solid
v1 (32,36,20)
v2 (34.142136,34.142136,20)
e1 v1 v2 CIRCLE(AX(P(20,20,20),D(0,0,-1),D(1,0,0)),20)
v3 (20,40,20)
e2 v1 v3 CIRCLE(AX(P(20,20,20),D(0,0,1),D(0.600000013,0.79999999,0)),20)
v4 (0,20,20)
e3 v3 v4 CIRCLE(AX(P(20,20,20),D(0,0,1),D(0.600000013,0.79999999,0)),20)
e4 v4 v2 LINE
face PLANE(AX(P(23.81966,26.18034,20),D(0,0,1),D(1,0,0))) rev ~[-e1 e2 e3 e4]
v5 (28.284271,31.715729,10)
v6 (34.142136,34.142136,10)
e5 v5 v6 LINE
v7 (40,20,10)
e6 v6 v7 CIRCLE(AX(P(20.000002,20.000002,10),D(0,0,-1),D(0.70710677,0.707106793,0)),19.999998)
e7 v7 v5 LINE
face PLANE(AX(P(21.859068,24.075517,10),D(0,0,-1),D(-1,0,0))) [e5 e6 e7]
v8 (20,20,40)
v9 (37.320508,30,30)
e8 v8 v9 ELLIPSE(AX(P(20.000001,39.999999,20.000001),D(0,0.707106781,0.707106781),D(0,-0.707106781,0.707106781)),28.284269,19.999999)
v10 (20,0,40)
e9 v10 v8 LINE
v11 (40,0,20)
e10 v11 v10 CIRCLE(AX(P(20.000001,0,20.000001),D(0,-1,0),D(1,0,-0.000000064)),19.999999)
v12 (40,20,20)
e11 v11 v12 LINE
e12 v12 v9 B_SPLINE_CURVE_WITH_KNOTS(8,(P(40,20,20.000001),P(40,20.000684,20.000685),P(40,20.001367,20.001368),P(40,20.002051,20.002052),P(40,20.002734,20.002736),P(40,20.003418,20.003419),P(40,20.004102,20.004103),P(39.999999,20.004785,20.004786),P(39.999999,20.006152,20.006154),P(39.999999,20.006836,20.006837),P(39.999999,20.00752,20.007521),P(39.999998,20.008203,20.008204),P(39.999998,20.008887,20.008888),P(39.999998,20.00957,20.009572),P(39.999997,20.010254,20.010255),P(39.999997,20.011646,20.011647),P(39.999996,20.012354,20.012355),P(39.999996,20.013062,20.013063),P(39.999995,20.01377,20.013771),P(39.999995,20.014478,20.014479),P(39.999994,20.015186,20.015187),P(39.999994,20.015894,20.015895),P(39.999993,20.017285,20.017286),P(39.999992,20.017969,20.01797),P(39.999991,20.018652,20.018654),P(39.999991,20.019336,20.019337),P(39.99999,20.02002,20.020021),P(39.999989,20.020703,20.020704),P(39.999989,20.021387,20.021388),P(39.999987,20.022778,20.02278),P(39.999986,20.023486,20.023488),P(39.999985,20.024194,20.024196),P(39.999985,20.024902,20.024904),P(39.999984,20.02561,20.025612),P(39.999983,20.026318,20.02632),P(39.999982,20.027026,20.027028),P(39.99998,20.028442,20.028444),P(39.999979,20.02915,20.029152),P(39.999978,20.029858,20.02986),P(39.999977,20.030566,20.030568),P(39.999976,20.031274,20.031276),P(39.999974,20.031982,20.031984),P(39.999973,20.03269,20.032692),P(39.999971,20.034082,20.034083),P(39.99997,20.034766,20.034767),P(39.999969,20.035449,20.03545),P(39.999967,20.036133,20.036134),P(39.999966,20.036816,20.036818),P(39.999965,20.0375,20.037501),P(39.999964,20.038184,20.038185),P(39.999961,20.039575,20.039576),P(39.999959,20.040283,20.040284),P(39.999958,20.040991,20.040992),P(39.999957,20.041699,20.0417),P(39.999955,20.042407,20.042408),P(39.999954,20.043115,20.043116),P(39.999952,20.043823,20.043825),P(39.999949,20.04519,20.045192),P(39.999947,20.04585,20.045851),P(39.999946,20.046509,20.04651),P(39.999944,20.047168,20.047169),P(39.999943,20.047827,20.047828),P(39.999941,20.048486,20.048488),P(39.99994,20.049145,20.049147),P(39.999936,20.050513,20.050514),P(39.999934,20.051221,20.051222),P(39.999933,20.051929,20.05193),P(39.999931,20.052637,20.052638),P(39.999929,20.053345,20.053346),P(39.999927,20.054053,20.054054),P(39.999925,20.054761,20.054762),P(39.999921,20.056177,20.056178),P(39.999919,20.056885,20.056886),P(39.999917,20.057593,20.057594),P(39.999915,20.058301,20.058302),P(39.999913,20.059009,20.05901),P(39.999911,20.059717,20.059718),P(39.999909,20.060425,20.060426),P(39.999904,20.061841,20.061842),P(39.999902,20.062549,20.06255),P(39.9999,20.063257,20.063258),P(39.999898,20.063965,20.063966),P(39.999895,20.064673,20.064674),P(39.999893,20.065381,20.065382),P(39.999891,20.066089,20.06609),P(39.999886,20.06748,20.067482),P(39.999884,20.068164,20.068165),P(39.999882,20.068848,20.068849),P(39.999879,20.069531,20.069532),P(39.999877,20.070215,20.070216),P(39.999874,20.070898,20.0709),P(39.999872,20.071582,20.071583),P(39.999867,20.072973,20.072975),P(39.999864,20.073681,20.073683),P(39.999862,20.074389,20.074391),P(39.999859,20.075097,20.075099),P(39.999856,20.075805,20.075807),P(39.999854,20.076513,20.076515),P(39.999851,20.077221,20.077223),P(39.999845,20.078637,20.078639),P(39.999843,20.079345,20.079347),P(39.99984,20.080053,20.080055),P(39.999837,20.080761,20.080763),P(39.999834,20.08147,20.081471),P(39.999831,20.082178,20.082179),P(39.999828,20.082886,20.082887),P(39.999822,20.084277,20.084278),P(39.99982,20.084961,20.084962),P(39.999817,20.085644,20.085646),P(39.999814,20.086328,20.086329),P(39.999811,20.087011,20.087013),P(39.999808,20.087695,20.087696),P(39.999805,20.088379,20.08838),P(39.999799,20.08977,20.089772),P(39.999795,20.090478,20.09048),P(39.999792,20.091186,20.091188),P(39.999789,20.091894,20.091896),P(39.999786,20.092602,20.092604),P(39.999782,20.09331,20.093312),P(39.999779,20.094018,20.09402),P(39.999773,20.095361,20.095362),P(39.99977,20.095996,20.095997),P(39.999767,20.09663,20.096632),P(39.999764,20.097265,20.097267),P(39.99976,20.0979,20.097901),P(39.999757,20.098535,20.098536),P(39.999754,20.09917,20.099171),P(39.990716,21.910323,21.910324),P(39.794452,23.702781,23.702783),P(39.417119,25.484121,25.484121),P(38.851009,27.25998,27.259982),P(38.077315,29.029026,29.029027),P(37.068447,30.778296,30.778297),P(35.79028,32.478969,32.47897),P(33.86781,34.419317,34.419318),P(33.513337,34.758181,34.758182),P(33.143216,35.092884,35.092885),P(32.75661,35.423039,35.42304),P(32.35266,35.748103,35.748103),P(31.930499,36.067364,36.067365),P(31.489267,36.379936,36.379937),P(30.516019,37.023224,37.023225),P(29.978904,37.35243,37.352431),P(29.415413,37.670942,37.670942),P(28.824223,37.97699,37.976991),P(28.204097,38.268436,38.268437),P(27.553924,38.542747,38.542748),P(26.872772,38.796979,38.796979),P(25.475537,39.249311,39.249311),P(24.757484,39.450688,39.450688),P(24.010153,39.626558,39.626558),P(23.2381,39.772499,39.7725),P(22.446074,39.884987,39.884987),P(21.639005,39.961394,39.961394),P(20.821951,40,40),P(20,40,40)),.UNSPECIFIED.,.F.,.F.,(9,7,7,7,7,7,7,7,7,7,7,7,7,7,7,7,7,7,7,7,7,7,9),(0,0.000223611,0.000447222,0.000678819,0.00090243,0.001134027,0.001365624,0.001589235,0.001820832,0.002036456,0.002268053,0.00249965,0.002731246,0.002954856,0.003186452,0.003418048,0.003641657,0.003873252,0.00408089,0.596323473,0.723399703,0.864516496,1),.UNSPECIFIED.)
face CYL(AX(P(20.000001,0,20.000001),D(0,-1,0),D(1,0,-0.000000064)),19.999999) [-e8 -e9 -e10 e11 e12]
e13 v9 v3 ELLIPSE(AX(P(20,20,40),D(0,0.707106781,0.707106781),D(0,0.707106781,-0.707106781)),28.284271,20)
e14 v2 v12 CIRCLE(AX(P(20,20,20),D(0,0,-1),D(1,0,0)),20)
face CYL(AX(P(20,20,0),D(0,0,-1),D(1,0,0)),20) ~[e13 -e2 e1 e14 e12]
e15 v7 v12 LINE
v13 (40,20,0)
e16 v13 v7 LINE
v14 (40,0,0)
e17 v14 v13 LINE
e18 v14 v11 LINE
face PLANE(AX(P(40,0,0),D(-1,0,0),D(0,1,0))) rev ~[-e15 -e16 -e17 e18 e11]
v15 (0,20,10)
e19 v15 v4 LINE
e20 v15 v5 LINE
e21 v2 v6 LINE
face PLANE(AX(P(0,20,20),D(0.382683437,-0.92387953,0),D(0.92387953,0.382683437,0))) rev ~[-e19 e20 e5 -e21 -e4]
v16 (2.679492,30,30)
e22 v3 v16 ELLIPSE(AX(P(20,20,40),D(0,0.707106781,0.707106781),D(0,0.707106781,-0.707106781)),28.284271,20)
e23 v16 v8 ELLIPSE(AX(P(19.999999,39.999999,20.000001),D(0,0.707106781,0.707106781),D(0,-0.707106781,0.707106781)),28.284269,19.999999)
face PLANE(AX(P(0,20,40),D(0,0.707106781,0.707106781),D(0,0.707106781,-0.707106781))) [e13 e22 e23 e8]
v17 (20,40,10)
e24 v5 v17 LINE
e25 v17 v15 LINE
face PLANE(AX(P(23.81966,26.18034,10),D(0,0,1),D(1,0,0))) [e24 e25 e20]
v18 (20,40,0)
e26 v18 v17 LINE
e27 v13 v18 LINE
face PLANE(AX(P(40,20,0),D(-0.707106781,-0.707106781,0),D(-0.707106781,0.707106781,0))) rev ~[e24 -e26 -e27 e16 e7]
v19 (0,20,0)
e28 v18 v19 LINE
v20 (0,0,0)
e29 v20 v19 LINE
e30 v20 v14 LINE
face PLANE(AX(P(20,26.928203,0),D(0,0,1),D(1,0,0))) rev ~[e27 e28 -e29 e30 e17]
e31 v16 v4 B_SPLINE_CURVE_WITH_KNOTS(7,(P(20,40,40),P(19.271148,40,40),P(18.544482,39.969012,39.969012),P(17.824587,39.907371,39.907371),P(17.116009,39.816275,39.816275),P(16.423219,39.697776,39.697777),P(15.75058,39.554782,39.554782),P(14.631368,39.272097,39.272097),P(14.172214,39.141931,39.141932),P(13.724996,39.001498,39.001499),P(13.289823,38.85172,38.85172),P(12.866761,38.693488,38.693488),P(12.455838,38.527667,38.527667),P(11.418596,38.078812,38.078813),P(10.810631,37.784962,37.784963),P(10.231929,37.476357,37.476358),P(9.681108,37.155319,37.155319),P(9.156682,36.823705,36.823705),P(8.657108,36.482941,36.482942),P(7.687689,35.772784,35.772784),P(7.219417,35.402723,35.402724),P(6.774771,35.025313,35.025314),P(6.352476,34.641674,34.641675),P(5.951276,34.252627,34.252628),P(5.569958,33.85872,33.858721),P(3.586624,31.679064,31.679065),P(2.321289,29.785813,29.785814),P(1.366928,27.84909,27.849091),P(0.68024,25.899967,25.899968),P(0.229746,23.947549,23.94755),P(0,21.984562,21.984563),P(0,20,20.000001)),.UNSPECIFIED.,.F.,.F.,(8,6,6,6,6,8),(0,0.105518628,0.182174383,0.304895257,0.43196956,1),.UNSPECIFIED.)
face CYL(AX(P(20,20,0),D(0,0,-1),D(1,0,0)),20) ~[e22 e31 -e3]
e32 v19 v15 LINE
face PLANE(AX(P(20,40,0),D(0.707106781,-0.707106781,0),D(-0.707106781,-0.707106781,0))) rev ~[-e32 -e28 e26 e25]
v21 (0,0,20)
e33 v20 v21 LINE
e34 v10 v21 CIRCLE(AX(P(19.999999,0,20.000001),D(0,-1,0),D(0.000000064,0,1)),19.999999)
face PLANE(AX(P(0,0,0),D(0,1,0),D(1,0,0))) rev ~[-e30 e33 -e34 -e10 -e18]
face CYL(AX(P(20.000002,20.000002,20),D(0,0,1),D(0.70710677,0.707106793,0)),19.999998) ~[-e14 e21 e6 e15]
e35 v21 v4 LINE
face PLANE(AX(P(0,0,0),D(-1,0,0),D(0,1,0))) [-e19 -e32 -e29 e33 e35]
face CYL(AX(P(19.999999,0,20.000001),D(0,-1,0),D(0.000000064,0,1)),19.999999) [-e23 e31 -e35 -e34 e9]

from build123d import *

# Parameters (mm, degrees)
SKETCH1_W           = 40
SKETCH1_H           = 20
BOSS_EXTRUDE1_DEPTH = 40
CUT_EXTRUDE1_DEPTH  = 40
CUT_EXTRUDE2_DEPTH  = 40
CUT_EXTRUDE3_DEPTH  = 10
CUT_EXTRUDE4_DEPTH  = 10
BOSS_EXTRUDE2_DEPTH = 10


with BuildPart() as part:
    # Sketch1 → Boss-Extrude1 (new body)
    with BuildSketch(Plane.XY):
        with BuildLine():
            Line((0, 20), (40, 20))
            ThreePointArc((40, 20), (20, 40), (0, 20))
        make_face()
        with Locations((20, 10)):
            Rectangle(SKETCH1_W, SKETCH1_H)
    extrude(amount=BOSS_EXTRUDE1_DEPTH)

    # Sketch2 → Cut-Extrude1 (cut)
    with BuildSketch(Plane(origin=(0, 0, 0), x_dir=(1, 0, 0), z_dir=(0, 1, 0))):
        with BuildLine():
            Line((0, -20), (0, -40))
            Line((0, -40), (20, -40))
            ThreePointArc((20, -40), (5.857864, -34.142136), (0, -20))
        make_face()
        with BuildLine():
            ThreePointArc((40, -20), (34.142136, -34.142136), (20, -40))
            Line((20, -40), (40, -40))
            Line((40, -40), (40, -20))
        make_face()
    extrude(amount=CUT_EXTRUDE1_DEPTH, mode=Mode.SUBTRACT)

    # Sketch3 → Cut-Extrude2 (cut)
    with BuildSketch(Plane(origin=(0, 0, 0), x_dir=(0, 0, -1), z_dir=(1, 0, 0))):
        Polygon((-40, 20), (-20, 40), (-40, 40), align=None)
    extrude(amount=CUT_EXTRUDE2_DEPTH, mode=Mode.SUBTRACT)

    # Sketch4 → Cut-Extrude3 (cut)
    with BuildSketch(Plane(origin=(0, 0, 0), x_dir=(-1, 0, 0), z_dir=(0, 0, -1))):
        with BuildLine():
            Line((-40, 20), (-20, 40))
            ThreePointArc((-20, 40), (-34.142136, 34.142136), (-40, 20))
        make_face()
        with BuildLine():
            ThreePointArc((0, 20), (-5.857864, 34.142136), (-20, 40))
            Line((-20, 40), (0, 20))
        make_face()
    extrude(amount=-CUT_EXTRUDE3_DEPTH, mode=Mode.SUBTRACT)

    # Sketch5 → Cut-Extrude4 (cut)
    with BuildSketch(Plane.XY.offset(10)):
        Polygon((40, 20), (40, 40), (0, 20), align=None)
        with BuildLine():
            ThreePointArc((32, 36), (11.055728, 37.888544), (0, 20))
            Line((0, 20), (32, 36))
        make_face()
    extrude(amount=CUT_EXTRUDE4_DEPTH, mode=Mode.SUBTRACT)

    # Sketch7 → Boss-Extrude2 (add)
    with BuildSketch(Plane(origin=(0, 0, 20), x_dir=(-1, 0, 0), z_dir=(0, 0, -1))):
        with BuildLine():
            Line((0, 20), (-34.142136, 34.142136))
            ThreePointArc((-34.142136, 34.142136), (-38.477591, 27.653669), (-40, 20))
            Line((-40, 20), (0, 20))
        make_face()
    extrude(amount=BOSS_EXTRUDE2_DEPTH)


solid = part.part
